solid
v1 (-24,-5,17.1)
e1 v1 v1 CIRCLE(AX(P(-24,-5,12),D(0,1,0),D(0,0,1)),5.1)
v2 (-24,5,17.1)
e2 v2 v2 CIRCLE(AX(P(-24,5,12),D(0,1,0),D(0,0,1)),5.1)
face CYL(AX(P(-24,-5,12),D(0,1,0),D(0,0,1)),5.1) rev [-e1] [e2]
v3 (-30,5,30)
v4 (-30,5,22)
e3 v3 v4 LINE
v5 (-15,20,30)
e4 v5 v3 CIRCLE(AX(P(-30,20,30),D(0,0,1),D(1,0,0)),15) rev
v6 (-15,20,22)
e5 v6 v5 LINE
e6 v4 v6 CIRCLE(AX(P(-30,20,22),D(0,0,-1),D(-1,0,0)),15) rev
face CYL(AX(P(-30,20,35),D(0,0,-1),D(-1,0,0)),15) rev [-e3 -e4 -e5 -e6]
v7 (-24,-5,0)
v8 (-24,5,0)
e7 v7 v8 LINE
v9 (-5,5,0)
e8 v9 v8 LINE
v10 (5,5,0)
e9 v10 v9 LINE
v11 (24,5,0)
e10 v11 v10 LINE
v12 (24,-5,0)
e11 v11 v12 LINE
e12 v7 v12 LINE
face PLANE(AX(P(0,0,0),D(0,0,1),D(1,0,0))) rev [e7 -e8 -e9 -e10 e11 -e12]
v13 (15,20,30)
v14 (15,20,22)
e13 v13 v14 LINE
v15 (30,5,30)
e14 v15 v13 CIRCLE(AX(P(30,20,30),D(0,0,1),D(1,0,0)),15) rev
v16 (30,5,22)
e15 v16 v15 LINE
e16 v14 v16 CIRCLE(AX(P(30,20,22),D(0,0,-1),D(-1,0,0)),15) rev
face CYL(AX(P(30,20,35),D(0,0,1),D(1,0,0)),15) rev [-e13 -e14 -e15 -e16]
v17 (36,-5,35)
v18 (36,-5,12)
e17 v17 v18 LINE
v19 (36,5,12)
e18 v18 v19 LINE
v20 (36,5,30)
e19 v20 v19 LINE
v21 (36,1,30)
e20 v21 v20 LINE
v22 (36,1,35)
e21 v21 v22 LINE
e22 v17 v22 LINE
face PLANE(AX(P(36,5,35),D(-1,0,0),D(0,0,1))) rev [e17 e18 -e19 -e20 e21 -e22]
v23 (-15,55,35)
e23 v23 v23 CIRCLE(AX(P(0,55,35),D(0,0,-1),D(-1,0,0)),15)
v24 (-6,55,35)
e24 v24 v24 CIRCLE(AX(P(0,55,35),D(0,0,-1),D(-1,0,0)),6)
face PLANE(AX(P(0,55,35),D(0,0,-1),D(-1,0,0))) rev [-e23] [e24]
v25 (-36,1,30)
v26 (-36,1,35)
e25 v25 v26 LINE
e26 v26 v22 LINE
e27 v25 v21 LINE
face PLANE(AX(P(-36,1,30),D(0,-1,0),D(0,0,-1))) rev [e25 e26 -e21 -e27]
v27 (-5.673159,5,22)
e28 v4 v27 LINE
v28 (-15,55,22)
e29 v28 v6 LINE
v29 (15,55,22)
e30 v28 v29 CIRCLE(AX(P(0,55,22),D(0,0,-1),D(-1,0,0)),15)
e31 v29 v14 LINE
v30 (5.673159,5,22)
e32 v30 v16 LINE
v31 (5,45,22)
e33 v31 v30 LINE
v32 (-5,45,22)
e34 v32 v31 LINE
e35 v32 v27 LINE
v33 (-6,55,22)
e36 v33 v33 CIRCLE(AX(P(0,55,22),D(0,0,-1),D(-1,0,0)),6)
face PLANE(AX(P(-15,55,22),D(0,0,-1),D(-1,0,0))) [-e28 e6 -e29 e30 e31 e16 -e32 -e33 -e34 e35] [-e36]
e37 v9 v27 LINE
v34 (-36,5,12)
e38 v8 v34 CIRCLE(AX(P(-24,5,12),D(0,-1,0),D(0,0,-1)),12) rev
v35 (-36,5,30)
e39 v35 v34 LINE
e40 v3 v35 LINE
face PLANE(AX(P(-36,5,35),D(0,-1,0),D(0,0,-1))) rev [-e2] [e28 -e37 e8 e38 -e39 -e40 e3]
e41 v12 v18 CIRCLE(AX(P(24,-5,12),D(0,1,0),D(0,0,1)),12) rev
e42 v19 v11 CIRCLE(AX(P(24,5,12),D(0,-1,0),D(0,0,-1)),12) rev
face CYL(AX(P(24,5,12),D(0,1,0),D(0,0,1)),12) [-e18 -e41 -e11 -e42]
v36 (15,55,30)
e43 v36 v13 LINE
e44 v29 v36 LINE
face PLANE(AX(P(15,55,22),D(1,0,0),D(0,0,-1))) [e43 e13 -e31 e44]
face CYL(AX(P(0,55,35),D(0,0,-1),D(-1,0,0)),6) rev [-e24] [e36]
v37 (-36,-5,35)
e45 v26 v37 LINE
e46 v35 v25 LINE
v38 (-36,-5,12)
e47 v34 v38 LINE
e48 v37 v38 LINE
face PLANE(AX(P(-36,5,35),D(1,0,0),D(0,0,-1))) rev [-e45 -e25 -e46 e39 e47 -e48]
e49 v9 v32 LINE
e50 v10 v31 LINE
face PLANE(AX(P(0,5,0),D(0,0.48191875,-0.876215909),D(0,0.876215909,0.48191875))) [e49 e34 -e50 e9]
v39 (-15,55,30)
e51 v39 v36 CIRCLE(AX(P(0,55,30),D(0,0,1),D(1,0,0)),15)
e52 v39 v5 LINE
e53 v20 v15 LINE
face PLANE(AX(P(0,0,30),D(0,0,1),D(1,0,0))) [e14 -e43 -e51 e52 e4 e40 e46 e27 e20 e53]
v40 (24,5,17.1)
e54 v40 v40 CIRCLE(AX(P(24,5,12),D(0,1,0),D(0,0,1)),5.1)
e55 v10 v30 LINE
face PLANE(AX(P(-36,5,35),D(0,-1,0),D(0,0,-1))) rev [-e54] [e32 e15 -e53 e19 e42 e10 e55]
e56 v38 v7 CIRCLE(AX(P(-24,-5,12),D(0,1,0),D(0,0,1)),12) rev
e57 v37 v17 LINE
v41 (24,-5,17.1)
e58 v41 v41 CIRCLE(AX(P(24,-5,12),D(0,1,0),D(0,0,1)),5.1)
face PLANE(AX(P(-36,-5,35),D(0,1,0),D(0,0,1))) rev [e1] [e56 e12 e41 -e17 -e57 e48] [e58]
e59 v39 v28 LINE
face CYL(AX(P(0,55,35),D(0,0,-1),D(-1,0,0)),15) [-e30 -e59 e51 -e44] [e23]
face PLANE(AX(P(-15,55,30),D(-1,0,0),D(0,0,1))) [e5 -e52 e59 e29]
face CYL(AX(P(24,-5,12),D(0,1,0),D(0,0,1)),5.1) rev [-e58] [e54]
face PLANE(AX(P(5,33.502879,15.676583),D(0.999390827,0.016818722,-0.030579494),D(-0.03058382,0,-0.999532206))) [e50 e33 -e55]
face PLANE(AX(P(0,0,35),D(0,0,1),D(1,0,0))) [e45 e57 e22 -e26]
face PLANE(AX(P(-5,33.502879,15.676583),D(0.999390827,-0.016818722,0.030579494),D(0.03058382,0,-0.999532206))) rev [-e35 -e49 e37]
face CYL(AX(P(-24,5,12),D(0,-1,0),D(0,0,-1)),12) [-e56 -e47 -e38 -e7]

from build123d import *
from build123d.topology import SkipClean

# Parameters (mm, degrees)
SKETCH1_W           = 72
SKETCH1_H           = 10
BOSS_EXTRUDE1_DEPTH = 35
SKETCH2_W           = 72
SKETCH2_H           = 4
CUT_EXTRUDE1_DEPTH  = 5
SKETCH3_W           = 30
SKETCH3_H           = 8
BOSS_EXTRUDE3_DEPTH = 50
SKETCH5_R           = 15
SKETCH5_R_2         = 6
EXTRUDE_THIN1_DEPTH = 13
CUT_EXTRUDE2_START  = -13
CUT_EXTRUDE2_DEPTH  = 13
FILLET2_R           = 15
RIB12_REACH         = 88.145
SKETCH7_WALL_W      = 219.941301276
SKETCH7_WALL_H      = 10
RIB12_DRAFT_ANGLE   = 2
FILLET3_R           = 12
SKETCH9_R           = 5.1
CUT_EXTRUDE5_DEPTH  = 5


with BuildPart() as part:
    # Sketch1 → Boss-Extrude1 (new body)
    with BuildSketch(Plane.XY):
        Rectangle(SKETCH1_W, SKETCH1_H)
    extrude(amount=BOSS_EXTRUDE1_DEPTH)

    # Sketch2 → Cut-Extrude1 (cut)
    with BuildSketch(Plane.XY.offset(35)):
        with Locations((0, 3)):
            Rectangle(SKETCH2_W, SKETCH2_H)
    extrude(amount=-CUT_EXTRUDE1_DEPTH, mode=Mode.SUBTRACT)

    # Sketch3 → Boss-Extrude3 (add)
    with BuildSketch(Plane(origin=(0, 5, 0), x_dir=(1, 0, 0), z_dir=(0, 1, 0))):
        with Locations((0, -26)):
            Rectangle(SKETCH3_W, SKETCH3_H)
    extrude(amount=BOSS_EXTRUDE3_DEPTH)

    # Sketch5 → Extrude-Thin1 (add)
    with BuildSketch(Plane(origin=(0, 0, 22), x_dir=(-1, 0, 0), z_dir=(0, 0, -1))):
        with Locations((0, 55)):
            Circle(SKETCH5_R)
        with Locations((0, 55)):
            Circle(SKETCH5_R_2, mode=Mode.SUBTRACT)
    extrude(amount=-EXTRUDE_THIN1_DEPTH)

    # Sketch6 → Cut-Extrude2 (cut)
    with SkipClean():  # the faces are left unmerged after this step: merging them gives an invalid solid
        with BuildSketch(Plane.XY.offset(30).offset(CUT_EXTRUDE2_START)):
            with BuildLine():
                Line((6, 55), (-6, 55))
                ThreePointArc((-6, 55), (0, 49), (6, 55))
            make_face()
        extrude(amount=CUT_EXTRUDE2_DEPTH, mode=Mode.SUBTRACT)

    # Fillet2
    fillet2_edges = [part.edges().sort_by_distance(p)[0] for p in [
        (-15, 5, 26),
        (15, 5, 26),
    ]]
    fillet(fillet2_edges, radius=FILLET2_R)

    # Sketch7 wall → Rib12 (add, up to next)
    with BuildSketch(Plane(origin=(0, 25, 11), x_dir=(0, 0.876215908677, 0.481918749772), z_dir=(0, -0.481918749772, 0.876215908677)), mode=Mode.PRIVATE) as rib12_sk1:
        Rectangle(SKETCH7_WALL_W, SKETCH7_WALL_H)
    rib12_tool1 = extrude(rib12_sk1.sketch, amount=RIB12_REACH, mode=Mode.PRIVATE) - part.part
    add(rib12_tool1.solids().sort_by_distance((0, 25, 11))[0])

    # Rib12 draft
    rib12_draft_faces = [part.faces().sort_by_distance(p)[0] for p in [
        (-5, 24.759040625, 11.438107954),
        (5, 24.759040625, 11.438107954),
    ]]
    draft(rib12_draft_faces, Plane(origin=(0, 25, 11), x_dir=(0, 0.876215908677, 0.481918749772), z_dir=(0, 0.481918749772, -0.876215908677)), RIB12_DRAFT_ANGLE)

    # Fillet3
    fillet3_edges = [part.edges().sort_by_distance(p)[0] for p in [
        (-36, 0, 0),
        (36, 0, 0),
    ]]
    fillet(fillet3_edges, radius=FILLET3_R)

    # Sketch9 → Cut-Extrude5 (cut, symmetric)
    with SkipClean():  # the faces are left unmerged after this step: merging them gives an invalid solid
        with BuildSketch(Plane(origin=(0, 0, 0), x_dir=(1, 0, 0), z_dir=(0, 1, 0))):
            with Locations(Location((-24, -12, 0), (0, 0, 270))):
                Circle(SKETCH9_R)
            with Locations(Location((24, -12, 0), (0, 0, 270))):
                Circle(SKETCH9_R)
        extrude(amount=CUT_EXTRUDE5_DEPTH, both=True, mode=Mode.SUBTRACT)


solid = part.part
